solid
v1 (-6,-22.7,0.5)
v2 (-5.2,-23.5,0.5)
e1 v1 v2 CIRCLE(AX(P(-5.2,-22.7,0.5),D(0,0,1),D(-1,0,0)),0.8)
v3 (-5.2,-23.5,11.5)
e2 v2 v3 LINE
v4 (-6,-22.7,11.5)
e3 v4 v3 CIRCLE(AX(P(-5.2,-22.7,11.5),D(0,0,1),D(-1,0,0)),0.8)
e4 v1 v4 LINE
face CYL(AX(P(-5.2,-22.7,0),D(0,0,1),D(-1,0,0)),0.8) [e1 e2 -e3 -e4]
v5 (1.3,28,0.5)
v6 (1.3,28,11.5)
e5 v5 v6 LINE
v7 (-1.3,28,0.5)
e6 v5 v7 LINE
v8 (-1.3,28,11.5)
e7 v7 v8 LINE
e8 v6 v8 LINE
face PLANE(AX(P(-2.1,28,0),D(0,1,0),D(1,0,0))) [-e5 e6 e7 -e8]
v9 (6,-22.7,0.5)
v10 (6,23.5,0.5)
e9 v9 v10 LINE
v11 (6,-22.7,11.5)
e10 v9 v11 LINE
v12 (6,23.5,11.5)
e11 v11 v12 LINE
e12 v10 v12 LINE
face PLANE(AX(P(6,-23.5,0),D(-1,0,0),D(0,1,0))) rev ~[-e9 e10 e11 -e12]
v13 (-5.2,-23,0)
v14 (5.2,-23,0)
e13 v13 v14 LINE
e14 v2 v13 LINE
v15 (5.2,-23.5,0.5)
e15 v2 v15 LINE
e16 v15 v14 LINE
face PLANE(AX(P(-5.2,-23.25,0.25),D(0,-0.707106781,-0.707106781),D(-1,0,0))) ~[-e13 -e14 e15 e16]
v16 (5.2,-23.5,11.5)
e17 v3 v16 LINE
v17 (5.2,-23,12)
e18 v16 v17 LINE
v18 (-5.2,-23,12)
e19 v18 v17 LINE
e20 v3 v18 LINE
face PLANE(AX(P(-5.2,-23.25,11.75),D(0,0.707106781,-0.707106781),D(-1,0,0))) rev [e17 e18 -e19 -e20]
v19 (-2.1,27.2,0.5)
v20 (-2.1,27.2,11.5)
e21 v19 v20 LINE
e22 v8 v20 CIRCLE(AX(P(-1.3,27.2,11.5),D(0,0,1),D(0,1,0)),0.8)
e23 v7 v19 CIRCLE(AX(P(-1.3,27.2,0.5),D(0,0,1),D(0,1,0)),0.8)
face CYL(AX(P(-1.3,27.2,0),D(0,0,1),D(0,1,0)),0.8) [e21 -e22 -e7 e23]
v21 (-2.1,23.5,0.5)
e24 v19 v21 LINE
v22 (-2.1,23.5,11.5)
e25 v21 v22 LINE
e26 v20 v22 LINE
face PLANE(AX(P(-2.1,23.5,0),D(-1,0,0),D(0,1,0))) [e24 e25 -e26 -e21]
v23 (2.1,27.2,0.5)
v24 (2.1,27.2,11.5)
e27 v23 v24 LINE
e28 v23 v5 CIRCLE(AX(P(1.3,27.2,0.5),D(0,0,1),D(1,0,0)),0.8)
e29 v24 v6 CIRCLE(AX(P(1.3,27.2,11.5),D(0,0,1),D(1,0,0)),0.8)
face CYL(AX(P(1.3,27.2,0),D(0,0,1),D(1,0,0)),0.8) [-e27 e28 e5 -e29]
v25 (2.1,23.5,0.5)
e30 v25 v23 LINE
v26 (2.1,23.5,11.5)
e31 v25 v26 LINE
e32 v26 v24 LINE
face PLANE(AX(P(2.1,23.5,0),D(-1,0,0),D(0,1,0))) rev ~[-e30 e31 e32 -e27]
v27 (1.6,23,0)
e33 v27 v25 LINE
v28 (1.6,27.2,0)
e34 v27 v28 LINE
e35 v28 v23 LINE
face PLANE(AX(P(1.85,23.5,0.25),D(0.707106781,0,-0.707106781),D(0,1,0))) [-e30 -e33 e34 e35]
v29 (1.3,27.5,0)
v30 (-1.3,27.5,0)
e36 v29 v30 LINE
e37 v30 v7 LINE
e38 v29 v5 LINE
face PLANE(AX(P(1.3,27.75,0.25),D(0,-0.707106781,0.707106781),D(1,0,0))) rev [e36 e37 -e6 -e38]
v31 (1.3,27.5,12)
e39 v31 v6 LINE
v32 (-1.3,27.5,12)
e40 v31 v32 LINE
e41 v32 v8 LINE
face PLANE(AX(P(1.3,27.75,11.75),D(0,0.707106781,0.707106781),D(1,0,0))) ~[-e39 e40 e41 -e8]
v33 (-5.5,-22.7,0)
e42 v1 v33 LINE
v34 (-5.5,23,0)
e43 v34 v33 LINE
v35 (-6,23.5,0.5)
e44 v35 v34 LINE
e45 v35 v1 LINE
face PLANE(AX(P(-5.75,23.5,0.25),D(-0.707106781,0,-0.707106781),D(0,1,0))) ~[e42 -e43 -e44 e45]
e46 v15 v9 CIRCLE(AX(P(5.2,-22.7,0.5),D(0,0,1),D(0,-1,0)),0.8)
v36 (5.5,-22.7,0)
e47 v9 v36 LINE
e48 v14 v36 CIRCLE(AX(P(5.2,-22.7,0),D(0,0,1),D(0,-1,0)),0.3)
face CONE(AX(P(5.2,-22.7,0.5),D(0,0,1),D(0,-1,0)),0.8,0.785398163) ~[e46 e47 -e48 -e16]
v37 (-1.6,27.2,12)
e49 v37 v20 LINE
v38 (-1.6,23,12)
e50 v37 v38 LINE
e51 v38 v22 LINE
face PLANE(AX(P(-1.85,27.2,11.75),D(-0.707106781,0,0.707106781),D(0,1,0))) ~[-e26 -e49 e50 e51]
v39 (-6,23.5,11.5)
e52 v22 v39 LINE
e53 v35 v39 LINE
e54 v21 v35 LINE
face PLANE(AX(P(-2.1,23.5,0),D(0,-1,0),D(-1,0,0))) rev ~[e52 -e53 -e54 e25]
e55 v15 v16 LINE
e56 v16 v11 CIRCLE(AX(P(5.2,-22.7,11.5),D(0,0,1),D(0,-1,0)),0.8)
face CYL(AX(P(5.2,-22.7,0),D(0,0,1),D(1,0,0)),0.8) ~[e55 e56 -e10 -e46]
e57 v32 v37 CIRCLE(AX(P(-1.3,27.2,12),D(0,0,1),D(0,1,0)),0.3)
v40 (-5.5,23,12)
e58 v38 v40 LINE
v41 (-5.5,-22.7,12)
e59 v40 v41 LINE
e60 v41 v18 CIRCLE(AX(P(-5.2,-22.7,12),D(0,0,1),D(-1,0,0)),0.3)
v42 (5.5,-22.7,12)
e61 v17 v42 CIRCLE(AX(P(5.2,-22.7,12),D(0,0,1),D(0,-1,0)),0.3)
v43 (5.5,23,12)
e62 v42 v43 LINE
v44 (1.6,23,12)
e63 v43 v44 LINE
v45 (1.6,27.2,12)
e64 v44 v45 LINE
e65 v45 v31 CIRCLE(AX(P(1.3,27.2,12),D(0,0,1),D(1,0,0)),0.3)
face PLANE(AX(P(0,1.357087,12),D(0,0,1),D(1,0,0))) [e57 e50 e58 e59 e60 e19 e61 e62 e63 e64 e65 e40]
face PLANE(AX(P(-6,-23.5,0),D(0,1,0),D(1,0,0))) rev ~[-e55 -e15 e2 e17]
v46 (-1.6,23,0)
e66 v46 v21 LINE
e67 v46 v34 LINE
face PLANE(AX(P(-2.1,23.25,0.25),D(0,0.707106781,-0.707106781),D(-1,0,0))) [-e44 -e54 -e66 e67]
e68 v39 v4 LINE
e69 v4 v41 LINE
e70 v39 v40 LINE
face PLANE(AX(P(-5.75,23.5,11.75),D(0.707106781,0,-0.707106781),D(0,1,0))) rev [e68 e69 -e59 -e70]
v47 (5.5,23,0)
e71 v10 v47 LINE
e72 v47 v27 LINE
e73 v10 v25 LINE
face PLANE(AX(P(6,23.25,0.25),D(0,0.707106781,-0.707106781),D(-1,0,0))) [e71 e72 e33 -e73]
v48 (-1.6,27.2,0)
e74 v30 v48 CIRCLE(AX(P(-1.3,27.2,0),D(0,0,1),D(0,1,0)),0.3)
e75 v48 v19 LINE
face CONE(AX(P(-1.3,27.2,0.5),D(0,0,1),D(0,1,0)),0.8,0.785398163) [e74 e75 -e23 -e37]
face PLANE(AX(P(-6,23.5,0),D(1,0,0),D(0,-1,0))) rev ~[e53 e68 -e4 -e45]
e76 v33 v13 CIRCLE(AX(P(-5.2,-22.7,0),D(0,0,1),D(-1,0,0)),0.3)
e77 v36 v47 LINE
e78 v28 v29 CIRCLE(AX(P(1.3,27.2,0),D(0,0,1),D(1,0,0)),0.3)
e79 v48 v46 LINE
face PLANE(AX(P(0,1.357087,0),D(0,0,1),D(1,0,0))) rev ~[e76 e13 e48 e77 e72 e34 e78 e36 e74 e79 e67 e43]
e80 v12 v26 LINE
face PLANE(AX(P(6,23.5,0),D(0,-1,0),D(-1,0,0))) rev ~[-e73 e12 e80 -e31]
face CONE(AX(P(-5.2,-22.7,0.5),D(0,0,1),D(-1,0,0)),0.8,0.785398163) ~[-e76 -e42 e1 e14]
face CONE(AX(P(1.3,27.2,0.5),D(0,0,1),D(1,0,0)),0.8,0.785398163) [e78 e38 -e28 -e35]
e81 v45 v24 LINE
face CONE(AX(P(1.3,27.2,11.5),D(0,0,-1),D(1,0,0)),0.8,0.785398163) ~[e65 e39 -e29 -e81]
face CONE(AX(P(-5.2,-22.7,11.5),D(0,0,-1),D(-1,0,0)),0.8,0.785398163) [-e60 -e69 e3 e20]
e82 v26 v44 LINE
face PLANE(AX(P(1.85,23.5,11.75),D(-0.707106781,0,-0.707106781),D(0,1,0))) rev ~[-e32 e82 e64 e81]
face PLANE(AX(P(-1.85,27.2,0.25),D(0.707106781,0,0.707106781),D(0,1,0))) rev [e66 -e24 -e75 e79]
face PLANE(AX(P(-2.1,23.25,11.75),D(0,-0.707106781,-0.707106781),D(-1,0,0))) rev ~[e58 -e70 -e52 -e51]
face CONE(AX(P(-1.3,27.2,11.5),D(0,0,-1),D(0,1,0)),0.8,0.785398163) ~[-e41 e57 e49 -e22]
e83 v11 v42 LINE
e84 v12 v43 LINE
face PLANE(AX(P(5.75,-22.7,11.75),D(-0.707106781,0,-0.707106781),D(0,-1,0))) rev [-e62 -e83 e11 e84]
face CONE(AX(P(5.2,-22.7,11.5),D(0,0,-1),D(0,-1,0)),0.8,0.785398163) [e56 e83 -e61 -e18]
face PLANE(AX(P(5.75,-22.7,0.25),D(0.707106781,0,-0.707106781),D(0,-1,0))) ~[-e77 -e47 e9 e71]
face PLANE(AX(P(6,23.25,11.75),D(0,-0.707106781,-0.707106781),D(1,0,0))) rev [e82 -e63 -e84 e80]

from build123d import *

# Parameters (mm, degrees)
F0_W     = 4.2
F0_H     = 4.5
F1_DEPTH = 12
F2_R     = 0.8
F3_SIZE  = 0.5


with BuildPart() as f1:
    # F0 (on Top) → F1 (new body)
    with BuildSketch(Plane.XY):
        Polygon((6, -23.5), (6, 23.5), (2.1, 23.5), (2.1, 19), (-2.1, 19), (-2.1, 23.5), (-6, 23.5), (-6, -23.5), align=None)
        with Locations((0, 21.25)):
            Rectangle(F0_W, F0_H)
        with Locations((0, 25.75)):
            Rectangle(F0_W, F0_H)
    extrude(amount=F1_DEPTH)

    # F2
    f2_edges = [f1.edges().sort_by_distance(p)[0] for p in [
        (2.1, 28, 6),
        (-2.1, 28, 6),
        (6, -23.5, 6),
        (-6, -23.5, 6),
    ]]
    fillet(f2_edges, radius=F2_R)

    # F3
    f3_edges = [f1.edges().sort_by_distance(p)[0] for p in [
        (6, 0.4, 12),
        (5.765685, -23.265685, 12),
        (4.05, 23.5, 12),
        (0, -23.5, 12),
        (2.1, 25.35, 12),
        (-5.765685, -23.265685, 12),
        (1.865685, 27.765685, 12),
        (-6, 0.4, 12),
        (0, 28, 12),
        (-4.05, 23.5, 12),
        (-1.865685, 27.765685, 12),
        (-2.1, 25.35, 12),
        (6, 0.4, 0),
        (5.765685, -23.265685, 0),
        (4.05, 23.5, 0),
        (0, -23.5, 0),
        (2.1, 25.35, 0),
        (-5.765685, -23.265685, 0),
        (1.865685, 27.765685, 0),
        (-6, 0.4, 0),
        (0, 28, 0),
        (-4.05, 23.5, 0),
        (-1.865685, 27.765685, 0),
        (-2.1, 25.35, 0),
    ]]
    chamfer(f3_edges, length=F3_SIZE)


solid = f1.part
